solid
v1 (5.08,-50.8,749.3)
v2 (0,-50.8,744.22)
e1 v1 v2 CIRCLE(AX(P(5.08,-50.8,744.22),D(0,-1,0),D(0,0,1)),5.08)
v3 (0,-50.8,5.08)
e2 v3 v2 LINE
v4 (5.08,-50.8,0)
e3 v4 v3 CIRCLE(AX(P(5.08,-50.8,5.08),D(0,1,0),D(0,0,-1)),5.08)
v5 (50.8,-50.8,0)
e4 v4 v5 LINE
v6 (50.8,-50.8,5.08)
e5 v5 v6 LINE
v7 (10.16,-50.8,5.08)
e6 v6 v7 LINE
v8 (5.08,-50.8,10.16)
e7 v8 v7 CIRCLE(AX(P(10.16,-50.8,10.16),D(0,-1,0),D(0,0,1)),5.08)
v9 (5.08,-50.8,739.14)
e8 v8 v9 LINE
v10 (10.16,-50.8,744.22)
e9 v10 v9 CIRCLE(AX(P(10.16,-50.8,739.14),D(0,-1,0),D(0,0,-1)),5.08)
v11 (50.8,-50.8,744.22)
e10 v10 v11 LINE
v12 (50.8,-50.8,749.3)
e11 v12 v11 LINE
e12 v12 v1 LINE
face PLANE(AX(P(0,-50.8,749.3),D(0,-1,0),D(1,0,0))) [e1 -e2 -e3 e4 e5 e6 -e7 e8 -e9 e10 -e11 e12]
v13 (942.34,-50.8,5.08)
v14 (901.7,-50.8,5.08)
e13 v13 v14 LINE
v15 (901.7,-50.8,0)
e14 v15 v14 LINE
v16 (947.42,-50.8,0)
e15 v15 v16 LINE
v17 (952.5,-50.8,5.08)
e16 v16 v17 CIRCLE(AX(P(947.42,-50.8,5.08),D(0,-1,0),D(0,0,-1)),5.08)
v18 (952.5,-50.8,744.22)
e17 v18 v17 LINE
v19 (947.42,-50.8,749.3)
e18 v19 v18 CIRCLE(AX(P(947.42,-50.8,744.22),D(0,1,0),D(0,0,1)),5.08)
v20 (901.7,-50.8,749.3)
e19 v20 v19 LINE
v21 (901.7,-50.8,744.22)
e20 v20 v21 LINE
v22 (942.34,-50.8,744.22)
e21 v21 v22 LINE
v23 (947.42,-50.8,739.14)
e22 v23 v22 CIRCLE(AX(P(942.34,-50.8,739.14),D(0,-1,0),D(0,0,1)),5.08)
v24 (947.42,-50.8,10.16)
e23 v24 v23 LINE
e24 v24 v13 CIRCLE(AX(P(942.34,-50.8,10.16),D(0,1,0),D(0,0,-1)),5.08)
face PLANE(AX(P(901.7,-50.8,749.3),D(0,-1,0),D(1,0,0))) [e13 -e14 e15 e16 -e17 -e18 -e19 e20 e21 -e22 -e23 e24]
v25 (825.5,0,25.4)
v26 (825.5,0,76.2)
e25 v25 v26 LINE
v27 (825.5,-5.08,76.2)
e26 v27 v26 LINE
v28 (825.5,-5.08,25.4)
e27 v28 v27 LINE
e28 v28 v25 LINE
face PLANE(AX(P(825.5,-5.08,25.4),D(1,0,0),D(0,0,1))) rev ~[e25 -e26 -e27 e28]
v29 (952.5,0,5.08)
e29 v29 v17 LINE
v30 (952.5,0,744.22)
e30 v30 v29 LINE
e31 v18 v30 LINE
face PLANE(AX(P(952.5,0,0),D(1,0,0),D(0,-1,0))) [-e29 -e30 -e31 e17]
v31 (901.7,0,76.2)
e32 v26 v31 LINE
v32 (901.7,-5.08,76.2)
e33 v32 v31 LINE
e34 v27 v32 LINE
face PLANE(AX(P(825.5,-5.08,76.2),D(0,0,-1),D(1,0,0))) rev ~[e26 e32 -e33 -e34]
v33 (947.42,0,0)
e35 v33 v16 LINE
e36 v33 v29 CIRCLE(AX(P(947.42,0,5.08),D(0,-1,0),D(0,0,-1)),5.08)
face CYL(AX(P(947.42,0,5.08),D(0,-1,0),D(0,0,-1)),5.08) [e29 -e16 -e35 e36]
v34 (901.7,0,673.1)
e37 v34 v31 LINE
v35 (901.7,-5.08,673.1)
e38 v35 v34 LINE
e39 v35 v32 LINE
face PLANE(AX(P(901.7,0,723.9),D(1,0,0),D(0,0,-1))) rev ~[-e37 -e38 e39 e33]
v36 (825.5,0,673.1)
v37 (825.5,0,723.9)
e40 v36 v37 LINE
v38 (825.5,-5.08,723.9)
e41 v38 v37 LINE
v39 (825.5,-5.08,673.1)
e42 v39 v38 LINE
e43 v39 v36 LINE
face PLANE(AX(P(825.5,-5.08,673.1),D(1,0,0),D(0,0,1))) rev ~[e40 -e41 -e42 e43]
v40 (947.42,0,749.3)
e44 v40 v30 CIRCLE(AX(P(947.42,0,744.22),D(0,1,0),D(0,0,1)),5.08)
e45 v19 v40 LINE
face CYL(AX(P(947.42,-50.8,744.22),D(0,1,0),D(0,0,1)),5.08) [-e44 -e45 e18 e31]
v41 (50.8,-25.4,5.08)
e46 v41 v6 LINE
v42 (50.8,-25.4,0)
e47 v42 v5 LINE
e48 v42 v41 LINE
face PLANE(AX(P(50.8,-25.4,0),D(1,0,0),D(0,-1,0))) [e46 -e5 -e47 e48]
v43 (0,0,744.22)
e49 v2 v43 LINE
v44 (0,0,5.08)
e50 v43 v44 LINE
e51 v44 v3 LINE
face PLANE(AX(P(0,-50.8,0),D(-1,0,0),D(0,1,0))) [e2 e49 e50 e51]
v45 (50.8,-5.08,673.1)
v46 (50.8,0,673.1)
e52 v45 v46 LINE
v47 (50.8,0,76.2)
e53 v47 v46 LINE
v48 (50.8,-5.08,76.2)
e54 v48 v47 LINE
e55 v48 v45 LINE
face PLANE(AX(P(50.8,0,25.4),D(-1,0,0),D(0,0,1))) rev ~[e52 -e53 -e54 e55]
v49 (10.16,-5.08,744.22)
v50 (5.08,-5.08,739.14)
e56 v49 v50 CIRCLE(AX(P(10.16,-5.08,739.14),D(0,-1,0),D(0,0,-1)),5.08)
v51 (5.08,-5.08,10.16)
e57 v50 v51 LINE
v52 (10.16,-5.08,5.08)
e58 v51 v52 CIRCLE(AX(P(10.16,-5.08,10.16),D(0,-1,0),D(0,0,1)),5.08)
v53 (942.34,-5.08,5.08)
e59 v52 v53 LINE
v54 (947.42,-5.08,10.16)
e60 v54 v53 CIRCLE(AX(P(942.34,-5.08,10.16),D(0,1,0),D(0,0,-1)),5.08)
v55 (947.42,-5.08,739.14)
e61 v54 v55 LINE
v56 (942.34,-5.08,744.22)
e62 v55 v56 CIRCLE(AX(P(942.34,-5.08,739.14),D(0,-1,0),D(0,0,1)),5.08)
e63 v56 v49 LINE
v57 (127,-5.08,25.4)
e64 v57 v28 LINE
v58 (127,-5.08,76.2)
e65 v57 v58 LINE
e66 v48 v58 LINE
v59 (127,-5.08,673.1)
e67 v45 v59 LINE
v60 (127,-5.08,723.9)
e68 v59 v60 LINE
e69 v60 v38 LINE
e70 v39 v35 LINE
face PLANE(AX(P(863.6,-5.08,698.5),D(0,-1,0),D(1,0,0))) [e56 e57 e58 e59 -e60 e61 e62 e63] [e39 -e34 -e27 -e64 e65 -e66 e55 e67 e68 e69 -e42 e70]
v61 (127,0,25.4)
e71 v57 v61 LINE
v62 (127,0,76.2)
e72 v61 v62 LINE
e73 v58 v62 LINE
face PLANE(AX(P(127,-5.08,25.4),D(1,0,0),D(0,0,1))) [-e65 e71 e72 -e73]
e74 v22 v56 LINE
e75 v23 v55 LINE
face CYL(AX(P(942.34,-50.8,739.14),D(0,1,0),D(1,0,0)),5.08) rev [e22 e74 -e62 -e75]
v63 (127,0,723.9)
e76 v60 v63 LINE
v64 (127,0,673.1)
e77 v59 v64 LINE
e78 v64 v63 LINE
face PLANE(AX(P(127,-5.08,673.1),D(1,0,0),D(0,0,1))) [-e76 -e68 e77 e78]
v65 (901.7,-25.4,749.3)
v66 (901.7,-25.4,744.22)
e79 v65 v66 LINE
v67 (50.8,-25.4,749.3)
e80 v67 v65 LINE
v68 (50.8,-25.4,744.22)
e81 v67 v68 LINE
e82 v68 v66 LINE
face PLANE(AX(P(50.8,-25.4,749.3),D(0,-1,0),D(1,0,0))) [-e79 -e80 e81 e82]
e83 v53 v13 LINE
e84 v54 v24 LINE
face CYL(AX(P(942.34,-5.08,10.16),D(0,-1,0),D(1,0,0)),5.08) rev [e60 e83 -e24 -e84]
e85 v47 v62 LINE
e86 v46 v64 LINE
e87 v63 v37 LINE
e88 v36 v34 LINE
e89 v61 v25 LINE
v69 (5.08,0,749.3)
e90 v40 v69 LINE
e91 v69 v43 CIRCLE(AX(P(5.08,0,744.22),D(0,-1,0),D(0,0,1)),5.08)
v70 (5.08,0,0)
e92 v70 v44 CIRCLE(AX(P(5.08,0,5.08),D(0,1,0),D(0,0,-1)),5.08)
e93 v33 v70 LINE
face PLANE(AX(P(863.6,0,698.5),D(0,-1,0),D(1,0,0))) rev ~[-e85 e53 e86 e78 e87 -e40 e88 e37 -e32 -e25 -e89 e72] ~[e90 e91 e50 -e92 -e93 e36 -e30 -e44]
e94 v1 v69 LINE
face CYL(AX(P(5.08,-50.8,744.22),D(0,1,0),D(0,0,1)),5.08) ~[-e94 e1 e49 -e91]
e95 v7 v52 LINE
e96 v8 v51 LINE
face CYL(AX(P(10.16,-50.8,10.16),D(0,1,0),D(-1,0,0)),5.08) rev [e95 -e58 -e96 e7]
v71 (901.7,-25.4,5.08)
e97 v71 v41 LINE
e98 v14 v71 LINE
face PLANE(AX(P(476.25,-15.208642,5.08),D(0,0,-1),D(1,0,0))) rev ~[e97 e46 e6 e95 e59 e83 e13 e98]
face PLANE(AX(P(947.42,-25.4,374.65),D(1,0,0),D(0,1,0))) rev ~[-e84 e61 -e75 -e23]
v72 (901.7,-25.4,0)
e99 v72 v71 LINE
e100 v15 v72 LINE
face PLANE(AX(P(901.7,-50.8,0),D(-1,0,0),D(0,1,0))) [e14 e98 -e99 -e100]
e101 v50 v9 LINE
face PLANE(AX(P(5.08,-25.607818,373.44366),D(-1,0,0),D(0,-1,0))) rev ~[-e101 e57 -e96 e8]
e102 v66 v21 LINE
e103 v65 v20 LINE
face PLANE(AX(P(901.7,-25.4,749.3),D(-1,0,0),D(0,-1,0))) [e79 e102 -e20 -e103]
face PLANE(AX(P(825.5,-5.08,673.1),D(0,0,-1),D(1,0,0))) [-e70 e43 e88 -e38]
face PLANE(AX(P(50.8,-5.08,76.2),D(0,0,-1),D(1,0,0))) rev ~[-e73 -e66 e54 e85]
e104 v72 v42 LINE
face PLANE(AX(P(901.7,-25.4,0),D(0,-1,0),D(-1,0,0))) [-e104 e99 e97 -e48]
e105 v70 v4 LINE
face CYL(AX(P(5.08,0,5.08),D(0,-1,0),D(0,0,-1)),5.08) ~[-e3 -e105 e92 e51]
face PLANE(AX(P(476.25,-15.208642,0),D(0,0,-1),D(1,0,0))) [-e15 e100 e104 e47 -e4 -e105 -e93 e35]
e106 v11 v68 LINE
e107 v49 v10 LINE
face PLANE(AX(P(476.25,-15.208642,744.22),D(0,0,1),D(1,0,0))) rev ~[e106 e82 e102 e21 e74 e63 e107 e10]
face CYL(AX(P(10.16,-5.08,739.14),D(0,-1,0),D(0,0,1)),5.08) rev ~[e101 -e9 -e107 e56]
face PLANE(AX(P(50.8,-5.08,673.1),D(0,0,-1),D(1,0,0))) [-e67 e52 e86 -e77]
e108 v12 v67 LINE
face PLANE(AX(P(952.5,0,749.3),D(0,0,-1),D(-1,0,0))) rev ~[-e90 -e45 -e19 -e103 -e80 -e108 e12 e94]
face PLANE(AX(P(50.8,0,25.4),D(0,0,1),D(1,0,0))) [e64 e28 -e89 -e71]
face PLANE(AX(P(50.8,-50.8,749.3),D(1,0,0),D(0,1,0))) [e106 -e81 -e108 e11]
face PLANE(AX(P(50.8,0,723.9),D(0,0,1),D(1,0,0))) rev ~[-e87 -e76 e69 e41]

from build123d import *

# Parameters (mm, degrees)
F0_W      = 850.9
F0_H      = 25.4
F1_DEPTH  = 5.08
F3_DEPTH  = 5.08
F5_DEPTH  = 5.08
F7_DEPTH  = 5.08
F8_W      = 50.8
F8_H      = 749.3
F9_DEPTH  = 5.08
F10_R     = 5.08
F11_W     = 76.2
F11_H     = 50.8
F12_DEPTH = 5.08


with BuildPart() as f1:
    # F0 (on Front) → F1 (new body)
    with BuildSketch(Plane.XZ):
        Polygon((50.8, 50.8), (0, 0), (50.8, 0), (50.8, 25.4), align=None)
        Polygon((0, 749.3), (0, 0), (50.8, 50.8), (50.8, 698.5), align=None)
        Polygon((50.8, 749.3), (0, 749.3), (50.8, 698.5), (50.8, 723.9), align=None)
        with Locations((476.25, 12.7)):
            Rectangle(F0_W, F0_H)
        with Locations((476.25, 736.6)):
            Rectangle(F0_W, F0_H)
        Polygon((901.7, 25.4), (901.7, 0), (952.5, 0), (901.7, 50.8), align=None)
        Polygon((952.5, 749.3), (901.7, 749.3), (901.7, 723.9), (901.7, 698.5), align=None)
        Polygon((901.7, 50.8), (952.5, 0), (952.5, 749.3), (901.7, 698.5), align=None)
    extrude(amount=F1_DEPTH)

    # F2 (on face) → F3 (join)
    with BuildSketch(Plane(origin=(0, 0, 0), x_dir=(1, 0, 0), z_dir=(0, 0, -1))):
        Polygon((0, 50.8), (0, 0), (952.5, 0), (952.5, 50.8), (901.7, 50.8), (901.7, 25.4), (50.8, 25.4), (50.8, 50.8), align=None)
    extrude(amount=-F3_DEPTH)

    # F4 (on face) → F5 (join)
    with BuildSketch(Plane.XY.offset(749.3)):
        Polygon((952.5, 0), (0, 0), (0, -50.8), (50.8, -50.8), (50.8, -25.4), (901.7, -25.4), (901.7, -50.8), (952.5, -50.8), align=None)
    extrude(amount=-F5_DEPTH)

    # F6 (on face) → F7 (join)
    with BuildSketch(Plane(origin=(0, 0, 0), x_dir=(0, -1, 0), z_dir=(-1, 0, 0))):
        Polygon((0.254638, 744.22), (0.254638, 0), (50.8, 0), (50.8, 749.3), align=None)
    extrude(amount=-F7_DEPTH)

    # F8 (on face) → F9 (join)
    with BuildSketch(Plane.YZ.offset(952.5)):
        with Locations((-25.4, 374.65)):
            Rectangle(F8_W, F8_H)
    extrude(amount=-F9_DEPTH)

    # F10
    f10_edges = [f1.edges().sort_by_distance(p)[0] for p in [
        (0, -25.4, 0),
        (5.08, -27.94, 5.08),
        (5.08, -27.94, 744.22),
        (0, -25.4, 749.3),
        (952.5, -25.4, 749.3),
        (947.42, -27.94, 744.22),
        (952.5, -25.4, 0),
        (947.42, -27.94, 5.08),
    ]]
    fillet(f10_edges, radius=F10_R)

    # F11 (on face) → F12 (join)
    with BuildSketch(Plane.XZ.offset(5.08)):
        with Locations((863.6, 698.5)):
            Rectangle(F11_W, F11_H)
        with Locations((863.6, 50.8)):
            Rectangle(F11_W, F11_H)
        with Locations((88.9, 50.8)):
            Rectangle(F11_W, F11_H)
        with Locations((88.9, 698.5)):
            Rectangle(F11_W, F11_H)
    extrude(amount=-F12_DEPTH)


solid = f1.part
